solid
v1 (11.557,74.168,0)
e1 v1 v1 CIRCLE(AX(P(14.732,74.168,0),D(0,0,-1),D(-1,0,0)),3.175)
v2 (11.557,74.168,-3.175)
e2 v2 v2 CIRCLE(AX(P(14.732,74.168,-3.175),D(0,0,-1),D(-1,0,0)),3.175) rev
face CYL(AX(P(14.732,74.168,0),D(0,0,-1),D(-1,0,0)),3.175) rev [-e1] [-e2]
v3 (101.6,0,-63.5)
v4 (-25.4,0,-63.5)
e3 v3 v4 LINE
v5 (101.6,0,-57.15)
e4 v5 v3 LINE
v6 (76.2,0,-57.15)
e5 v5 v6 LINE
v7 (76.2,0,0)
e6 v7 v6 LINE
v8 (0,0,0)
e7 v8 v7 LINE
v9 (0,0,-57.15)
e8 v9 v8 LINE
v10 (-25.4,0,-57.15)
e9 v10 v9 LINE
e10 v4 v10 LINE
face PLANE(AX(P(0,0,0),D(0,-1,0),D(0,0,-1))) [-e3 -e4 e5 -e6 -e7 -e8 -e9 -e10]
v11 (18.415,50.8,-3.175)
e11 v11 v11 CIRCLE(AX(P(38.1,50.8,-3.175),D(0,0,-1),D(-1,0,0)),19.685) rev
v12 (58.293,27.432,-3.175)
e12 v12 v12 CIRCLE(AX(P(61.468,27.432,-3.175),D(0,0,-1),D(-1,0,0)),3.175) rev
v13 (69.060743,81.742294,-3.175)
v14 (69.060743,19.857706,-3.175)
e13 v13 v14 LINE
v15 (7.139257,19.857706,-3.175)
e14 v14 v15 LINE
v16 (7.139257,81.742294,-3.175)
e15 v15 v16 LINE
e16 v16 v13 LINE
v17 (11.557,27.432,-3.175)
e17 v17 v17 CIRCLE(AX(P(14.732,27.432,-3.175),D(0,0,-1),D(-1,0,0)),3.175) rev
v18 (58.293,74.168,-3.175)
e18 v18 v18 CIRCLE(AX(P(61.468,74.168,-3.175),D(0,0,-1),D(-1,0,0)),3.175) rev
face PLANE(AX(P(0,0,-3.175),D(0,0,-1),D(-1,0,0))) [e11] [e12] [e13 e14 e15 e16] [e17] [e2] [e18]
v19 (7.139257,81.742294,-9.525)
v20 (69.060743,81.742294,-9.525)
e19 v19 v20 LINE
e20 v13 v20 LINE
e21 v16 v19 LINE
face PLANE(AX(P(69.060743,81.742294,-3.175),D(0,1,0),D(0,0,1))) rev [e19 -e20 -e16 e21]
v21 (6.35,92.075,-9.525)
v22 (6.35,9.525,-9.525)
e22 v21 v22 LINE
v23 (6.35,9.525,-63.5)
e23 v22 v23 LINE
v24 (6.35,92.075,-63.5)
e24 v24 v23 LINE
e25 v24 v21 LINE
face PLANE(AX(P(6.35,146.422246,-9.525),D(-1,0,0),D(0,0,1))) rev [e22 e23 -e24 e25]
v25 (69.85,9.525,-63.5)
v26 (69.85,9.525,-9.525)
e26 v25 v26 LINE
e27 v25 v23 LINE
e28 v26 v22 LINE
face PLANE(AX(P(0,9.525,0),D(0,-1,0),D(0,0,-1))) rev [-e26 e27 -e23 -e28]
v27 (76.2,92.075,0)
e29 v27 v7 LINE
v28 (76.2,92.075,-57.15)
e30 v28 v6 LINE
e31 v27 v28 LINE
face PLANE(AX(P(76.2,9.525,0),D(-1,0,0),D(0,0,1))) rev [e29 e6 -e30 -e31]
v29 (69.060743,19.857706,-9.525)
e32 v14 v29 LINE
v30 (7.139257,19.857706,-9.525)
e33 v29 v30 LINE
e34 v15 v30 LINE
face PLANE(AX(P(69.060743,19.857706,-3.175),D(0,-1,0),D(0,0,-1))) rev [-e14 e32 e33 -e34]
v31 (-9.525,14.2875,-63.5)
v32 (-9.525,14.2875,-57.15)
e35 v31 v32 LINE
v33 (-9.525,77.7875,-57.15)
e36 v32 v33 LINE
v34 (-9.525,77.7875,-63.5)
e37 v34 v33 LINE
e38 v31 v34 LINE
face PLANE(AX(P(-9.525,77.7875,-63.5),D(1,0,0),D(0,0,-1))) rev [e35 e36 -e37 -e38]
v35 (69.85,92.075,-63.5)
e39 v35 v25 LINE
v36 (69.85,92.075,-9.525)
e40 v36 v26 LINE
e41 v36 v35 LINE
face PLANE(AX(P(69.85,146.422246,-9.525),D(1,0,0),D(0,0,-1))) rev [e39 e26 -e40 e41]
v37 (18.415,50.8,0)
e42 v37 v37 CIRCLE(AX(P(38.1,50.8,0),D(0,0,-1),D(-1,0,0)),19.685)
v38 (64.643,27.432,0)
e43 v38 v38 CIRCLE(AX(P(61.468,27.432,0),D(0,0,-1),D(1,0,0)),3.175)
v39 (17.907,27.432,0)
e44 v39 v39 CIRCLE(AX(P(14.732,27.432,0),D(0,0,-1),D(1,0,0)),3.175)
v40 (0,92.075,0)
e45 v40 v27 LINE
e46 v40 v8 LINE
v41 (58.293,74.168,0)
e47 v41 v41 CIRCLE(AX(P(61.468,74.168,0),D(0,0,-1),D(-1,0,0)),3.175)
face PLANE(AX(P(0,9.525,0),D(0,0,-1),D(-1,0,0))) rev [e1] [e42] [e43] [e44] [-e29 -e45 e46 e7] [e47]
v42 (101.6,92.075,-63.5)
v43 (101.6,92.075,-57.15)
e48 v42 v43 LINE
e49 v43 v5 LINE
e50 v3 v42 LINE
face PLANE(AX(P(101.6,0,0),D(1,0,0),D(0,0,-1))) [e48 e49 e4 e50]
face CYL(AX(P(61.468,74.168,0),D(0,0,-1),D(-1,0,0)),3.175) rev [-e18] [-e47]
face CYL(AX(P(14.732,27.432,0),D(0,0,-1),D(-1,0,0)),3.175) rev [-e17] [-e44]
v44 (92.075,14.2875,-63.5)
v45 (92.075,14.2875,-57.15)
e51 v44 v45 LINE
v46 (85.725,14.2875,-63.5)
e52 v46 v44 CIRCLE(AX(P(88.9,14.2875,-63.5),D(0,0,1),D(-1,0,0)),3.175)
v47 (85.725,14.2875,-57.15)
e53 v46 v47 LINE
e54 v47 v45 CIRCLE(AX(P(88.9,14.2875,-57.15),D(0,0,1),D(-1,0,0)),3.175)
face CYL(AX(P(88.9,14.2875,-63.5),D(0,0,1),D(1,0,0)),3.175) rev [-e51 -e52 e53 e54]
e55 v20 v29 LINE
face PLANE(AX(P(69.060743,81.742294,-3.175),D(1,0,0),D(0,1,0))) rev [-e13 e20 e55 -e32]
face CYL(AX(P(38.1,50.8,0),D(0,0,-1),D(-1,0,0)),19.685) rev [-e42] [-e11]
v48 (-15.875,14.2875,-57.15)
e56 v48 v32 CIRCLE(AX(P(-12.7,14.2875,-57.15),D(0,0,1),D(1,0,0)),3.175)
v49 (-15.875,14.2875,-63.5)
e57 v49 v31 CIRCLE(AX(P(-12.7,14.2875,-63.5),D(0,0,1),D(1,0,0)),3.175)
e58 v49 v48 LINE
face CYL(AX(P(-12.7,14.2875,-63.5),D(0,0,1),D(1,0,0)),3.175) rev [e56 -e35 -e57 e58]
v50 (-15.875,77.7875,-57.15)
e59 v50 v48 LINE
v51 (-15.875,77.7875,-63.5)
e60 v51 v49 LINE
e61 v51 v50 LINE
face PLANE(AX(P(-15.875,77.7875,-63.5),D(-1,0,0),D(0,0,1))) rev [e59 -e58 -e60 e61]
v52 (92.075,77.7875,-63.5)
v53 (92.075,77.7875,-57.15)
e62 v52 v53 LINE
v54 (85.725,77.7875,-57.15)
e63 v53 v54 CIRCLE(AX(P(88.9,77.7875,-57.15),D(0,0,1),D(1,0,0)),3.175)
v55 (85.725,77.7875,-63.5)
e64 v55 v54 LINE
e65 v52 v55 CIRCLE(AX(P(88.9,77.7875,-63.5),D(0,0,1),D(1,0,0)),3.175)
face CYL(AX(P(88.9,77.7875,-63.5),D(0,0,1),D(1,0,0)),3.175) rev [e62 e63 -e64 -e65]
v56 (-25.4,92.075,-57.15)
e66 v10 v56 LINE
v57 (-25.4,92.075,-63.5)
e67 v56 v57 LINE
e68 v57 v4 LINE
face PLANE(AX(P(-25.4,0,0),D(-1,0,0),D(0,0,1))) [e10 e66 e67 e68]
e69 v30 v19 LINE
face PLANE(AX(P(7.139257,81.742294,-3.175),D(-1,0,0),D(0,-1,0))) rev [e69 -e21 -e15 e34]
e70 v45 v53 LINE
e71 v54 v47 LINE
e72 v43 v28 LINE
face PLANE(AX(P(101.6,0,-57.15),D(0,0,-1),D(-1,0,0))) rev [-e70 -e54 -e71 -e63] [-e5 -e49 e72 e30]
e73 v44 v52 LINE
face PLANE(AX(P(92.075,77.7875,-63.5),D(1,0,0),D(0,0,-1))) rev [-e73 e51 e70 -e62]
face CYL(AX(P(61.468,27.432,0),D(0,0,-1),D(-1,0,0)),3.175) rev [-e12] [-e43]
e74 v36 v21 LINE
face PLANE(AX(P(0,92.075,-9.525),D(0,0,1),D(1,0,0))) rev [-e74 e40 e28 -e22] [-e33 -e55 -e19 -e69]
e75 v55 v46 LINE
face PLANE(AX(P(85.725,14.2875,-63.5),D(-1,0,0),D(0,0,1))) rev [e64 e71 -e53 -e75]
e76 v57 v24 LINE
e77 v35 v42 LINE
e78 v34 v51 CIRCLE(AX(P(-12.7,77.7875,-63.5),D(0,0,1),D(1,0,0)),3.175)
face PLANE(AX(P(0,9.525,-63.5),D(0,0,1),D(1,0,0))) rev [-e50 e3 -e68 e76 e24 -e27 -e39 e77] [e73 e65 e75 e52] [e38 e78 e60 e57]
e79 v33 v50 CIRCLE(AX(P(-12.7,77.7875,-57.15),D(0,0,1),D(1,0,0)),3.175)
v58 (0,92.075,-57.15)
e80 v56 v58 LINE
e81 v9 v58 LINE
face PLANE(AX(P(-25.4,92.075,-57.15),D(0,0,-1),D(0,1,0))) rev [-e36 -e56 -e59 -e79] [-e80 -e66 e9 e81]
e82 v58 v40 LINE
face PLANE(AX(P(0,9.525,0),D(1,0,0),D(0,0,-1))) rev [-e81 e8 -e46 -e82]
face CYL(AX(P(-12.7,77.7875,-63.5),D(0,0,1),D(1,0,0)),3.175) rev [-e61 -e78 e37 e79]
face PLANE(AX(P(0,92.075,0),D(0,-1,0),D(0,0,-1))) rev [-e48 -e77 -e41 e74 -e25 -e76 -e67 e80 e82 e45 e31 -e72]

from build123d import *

# Parameters (mm, degrees)
SKETCH2_W           = 76.2
SKETCH2_H           = 63.5
BOSS_EXTRUDE1_DEPTH = 9.525
SKETCH3_W           = 76.2
SKETCH3_H           = 9.525
BOSS_EXTRUDE2_DEPTH = 82.55
SKETCH7_R           = 19.685
SKETCH7_R_2         = 3.175
CUT_EXTRUDE1_DEPTH  = 10.525
SKETCH11_W          = 61.921486798
SKETCH11_H          = 61.884587426
CUT_EXTRUDE4_DEPTH  = 6.35
SKETCH12_W          = 6.35
SKETCH12_H          = 53.975
BOSS_EXTRUDE3_DEPTH = 82.55
SKETCH14_W          = 6.35
SKETCH14_H          = 92.075
BOSS_EXTRUDE5_DEPTH = 25.4
SKETCH15_W          = 6.35
SKETCH15_H          = 92.075
BOSS_EXTRUDE6_DEPTH = 25.4
CUT_EXTRUDE5_DEPTH  = 7.35


with BuildPart() as part:
    # Sketch2 → Boss-Extrude1 (new body)
    with BuildSketch(Plane(origin=(0, 0, 0), x_dir=(1, 0, 0), z_dir=(0, 1, 0))):
        with Locations((38.1, 31.75)):
            Rectangle(SKETCH2_W, SKETCH2_H)
    extrude(amount=BOSS_EXTRUDE1_DEPTH)

    # Sketch3 → Boss-Extrude2 (add)
    with BuildSketch(Plane(origin=(0, 9.525, 0), x_dir=(1, 0, 0), z_dir=(0, 1, 0))):
        with Locations((38.1, 4.7625)):
            Rectangle(SKETCH3_W, SKETCH3_H)
    extrude(amount=BOSS_EXTRUDE2_DEPTH)

    # Sketch7 → Cut-Extrude1 (cut, through all)
    with BuildSketch(Plane(origin=(0, 0, -9.525), x_dir=(-1, 0, 0), z_dir=(0, 0, -1))):
        with Locations((-38.1, 50.8)):
            Circle(SKETCH7_R)
        with Locations((-61.468, 74.168)):
            Circle(SKETCH7_R_2)
        with Locations((-14.732, 74.168)):
            Circle(SKETCH7_R_2)
        with Locations((-14.732, 27.432)):
            Circle(SKETCH7_R_2)
        with Locations((-61.468, 27.432)):
            Circle(SKETCH7_R_2)
    extrude(amount=-CUT_EXTRUDE1_DEPTH, mode=Mode.SUBTRACT)

    # Sketch11 → Cut-Extrude4 (cut)
    with BuildSketch(Plane(origin=(0, 0, -9.525), x_dir=(-1, 0, 0), z_dir=(0, 0, -1))):
        with Locations((-38.1, 50.8)):
            Rectangle(SKETCH11_W, SKETCH11_H)
    extrude(amount=-CUT_EXTRUDE4_DEPTH, mode=Mode.SUBTRACT)

    # Sketch12 → Boss-Extrude3 (add)
    with BuildSketch(Plane(origin=(0, 9.525, 0), x_dir=(1, 0, 0), z_dir=(0, 1, 0))):
        with Locations((73.025, 36.5125)):
            Rectangle(SKETCH12_W, SKETCH12_H)
        with Locations((3.175, 36.5125)):
            Rectangle(SKETCH12_W, SKETCH12_H)
    extrude(amount=BOSS_EXTRUDE3_DEPTH)

    # Sketch14 → Boss-Extrude5 (add)
    with BuildSketch(Plane.ZY):
        with Locations((-60.325, 46.0375)):
            Rectangle(SKETCH14_W, SKETCH14_H)
    extrude(amount=BOSS_EXTRUDE5_DEPTH)

    # Sketch15 → Boss-Extrude6 (add)
    with BuildSketch(Plane(origin=(76.2, 0, 0), x_dir=(0, 0, -1), z_dir=(1, 0, 0))):
        with Locations((60.325, 46.0375)):
            Rectangle(SKETCH15_W, SKETCH15_H)
    extrude(amount=BOSS_EXTRUDE6_DEPTH)

    # Sketch16 → Cut-Extrude5 (cut, through all)
    with BuildSketch(Plane.XY.offset(-57.15)):
        with BuildLine():
            Line((-15.875, 77.7875), (-15.875, 14.2875))
            ThreePointArc((-15.875, 14.2875), (-12.7, 11.1125), (-9.525, 14.2875))
            Line((-9.525, 14.2875), (-9.525, 77.7875))
            ThreePointArc((-9.525, 77.7875), (-12.7, 80.9625), (-15.875, 77.7875))
        make_face()
        with BuildLine():
            Line((85.725, 14.2875), (85.725, 77.7875))
            ThreePointArc((85.725, 77.7875), (88.9, 80.9625), (92.075, 77.7875))
            Line((92.075, 77.7875), (92.075, 14.2875))
            ThreePointArc((92.075, 14.2875), (88.9, 11.1125), (85.725, 14.2875))
        make_face()
    extrude(amount=-CUT_EXTRUDE5_DEPTH, mode=Mode.SUBTRACT)


solid = part.part
